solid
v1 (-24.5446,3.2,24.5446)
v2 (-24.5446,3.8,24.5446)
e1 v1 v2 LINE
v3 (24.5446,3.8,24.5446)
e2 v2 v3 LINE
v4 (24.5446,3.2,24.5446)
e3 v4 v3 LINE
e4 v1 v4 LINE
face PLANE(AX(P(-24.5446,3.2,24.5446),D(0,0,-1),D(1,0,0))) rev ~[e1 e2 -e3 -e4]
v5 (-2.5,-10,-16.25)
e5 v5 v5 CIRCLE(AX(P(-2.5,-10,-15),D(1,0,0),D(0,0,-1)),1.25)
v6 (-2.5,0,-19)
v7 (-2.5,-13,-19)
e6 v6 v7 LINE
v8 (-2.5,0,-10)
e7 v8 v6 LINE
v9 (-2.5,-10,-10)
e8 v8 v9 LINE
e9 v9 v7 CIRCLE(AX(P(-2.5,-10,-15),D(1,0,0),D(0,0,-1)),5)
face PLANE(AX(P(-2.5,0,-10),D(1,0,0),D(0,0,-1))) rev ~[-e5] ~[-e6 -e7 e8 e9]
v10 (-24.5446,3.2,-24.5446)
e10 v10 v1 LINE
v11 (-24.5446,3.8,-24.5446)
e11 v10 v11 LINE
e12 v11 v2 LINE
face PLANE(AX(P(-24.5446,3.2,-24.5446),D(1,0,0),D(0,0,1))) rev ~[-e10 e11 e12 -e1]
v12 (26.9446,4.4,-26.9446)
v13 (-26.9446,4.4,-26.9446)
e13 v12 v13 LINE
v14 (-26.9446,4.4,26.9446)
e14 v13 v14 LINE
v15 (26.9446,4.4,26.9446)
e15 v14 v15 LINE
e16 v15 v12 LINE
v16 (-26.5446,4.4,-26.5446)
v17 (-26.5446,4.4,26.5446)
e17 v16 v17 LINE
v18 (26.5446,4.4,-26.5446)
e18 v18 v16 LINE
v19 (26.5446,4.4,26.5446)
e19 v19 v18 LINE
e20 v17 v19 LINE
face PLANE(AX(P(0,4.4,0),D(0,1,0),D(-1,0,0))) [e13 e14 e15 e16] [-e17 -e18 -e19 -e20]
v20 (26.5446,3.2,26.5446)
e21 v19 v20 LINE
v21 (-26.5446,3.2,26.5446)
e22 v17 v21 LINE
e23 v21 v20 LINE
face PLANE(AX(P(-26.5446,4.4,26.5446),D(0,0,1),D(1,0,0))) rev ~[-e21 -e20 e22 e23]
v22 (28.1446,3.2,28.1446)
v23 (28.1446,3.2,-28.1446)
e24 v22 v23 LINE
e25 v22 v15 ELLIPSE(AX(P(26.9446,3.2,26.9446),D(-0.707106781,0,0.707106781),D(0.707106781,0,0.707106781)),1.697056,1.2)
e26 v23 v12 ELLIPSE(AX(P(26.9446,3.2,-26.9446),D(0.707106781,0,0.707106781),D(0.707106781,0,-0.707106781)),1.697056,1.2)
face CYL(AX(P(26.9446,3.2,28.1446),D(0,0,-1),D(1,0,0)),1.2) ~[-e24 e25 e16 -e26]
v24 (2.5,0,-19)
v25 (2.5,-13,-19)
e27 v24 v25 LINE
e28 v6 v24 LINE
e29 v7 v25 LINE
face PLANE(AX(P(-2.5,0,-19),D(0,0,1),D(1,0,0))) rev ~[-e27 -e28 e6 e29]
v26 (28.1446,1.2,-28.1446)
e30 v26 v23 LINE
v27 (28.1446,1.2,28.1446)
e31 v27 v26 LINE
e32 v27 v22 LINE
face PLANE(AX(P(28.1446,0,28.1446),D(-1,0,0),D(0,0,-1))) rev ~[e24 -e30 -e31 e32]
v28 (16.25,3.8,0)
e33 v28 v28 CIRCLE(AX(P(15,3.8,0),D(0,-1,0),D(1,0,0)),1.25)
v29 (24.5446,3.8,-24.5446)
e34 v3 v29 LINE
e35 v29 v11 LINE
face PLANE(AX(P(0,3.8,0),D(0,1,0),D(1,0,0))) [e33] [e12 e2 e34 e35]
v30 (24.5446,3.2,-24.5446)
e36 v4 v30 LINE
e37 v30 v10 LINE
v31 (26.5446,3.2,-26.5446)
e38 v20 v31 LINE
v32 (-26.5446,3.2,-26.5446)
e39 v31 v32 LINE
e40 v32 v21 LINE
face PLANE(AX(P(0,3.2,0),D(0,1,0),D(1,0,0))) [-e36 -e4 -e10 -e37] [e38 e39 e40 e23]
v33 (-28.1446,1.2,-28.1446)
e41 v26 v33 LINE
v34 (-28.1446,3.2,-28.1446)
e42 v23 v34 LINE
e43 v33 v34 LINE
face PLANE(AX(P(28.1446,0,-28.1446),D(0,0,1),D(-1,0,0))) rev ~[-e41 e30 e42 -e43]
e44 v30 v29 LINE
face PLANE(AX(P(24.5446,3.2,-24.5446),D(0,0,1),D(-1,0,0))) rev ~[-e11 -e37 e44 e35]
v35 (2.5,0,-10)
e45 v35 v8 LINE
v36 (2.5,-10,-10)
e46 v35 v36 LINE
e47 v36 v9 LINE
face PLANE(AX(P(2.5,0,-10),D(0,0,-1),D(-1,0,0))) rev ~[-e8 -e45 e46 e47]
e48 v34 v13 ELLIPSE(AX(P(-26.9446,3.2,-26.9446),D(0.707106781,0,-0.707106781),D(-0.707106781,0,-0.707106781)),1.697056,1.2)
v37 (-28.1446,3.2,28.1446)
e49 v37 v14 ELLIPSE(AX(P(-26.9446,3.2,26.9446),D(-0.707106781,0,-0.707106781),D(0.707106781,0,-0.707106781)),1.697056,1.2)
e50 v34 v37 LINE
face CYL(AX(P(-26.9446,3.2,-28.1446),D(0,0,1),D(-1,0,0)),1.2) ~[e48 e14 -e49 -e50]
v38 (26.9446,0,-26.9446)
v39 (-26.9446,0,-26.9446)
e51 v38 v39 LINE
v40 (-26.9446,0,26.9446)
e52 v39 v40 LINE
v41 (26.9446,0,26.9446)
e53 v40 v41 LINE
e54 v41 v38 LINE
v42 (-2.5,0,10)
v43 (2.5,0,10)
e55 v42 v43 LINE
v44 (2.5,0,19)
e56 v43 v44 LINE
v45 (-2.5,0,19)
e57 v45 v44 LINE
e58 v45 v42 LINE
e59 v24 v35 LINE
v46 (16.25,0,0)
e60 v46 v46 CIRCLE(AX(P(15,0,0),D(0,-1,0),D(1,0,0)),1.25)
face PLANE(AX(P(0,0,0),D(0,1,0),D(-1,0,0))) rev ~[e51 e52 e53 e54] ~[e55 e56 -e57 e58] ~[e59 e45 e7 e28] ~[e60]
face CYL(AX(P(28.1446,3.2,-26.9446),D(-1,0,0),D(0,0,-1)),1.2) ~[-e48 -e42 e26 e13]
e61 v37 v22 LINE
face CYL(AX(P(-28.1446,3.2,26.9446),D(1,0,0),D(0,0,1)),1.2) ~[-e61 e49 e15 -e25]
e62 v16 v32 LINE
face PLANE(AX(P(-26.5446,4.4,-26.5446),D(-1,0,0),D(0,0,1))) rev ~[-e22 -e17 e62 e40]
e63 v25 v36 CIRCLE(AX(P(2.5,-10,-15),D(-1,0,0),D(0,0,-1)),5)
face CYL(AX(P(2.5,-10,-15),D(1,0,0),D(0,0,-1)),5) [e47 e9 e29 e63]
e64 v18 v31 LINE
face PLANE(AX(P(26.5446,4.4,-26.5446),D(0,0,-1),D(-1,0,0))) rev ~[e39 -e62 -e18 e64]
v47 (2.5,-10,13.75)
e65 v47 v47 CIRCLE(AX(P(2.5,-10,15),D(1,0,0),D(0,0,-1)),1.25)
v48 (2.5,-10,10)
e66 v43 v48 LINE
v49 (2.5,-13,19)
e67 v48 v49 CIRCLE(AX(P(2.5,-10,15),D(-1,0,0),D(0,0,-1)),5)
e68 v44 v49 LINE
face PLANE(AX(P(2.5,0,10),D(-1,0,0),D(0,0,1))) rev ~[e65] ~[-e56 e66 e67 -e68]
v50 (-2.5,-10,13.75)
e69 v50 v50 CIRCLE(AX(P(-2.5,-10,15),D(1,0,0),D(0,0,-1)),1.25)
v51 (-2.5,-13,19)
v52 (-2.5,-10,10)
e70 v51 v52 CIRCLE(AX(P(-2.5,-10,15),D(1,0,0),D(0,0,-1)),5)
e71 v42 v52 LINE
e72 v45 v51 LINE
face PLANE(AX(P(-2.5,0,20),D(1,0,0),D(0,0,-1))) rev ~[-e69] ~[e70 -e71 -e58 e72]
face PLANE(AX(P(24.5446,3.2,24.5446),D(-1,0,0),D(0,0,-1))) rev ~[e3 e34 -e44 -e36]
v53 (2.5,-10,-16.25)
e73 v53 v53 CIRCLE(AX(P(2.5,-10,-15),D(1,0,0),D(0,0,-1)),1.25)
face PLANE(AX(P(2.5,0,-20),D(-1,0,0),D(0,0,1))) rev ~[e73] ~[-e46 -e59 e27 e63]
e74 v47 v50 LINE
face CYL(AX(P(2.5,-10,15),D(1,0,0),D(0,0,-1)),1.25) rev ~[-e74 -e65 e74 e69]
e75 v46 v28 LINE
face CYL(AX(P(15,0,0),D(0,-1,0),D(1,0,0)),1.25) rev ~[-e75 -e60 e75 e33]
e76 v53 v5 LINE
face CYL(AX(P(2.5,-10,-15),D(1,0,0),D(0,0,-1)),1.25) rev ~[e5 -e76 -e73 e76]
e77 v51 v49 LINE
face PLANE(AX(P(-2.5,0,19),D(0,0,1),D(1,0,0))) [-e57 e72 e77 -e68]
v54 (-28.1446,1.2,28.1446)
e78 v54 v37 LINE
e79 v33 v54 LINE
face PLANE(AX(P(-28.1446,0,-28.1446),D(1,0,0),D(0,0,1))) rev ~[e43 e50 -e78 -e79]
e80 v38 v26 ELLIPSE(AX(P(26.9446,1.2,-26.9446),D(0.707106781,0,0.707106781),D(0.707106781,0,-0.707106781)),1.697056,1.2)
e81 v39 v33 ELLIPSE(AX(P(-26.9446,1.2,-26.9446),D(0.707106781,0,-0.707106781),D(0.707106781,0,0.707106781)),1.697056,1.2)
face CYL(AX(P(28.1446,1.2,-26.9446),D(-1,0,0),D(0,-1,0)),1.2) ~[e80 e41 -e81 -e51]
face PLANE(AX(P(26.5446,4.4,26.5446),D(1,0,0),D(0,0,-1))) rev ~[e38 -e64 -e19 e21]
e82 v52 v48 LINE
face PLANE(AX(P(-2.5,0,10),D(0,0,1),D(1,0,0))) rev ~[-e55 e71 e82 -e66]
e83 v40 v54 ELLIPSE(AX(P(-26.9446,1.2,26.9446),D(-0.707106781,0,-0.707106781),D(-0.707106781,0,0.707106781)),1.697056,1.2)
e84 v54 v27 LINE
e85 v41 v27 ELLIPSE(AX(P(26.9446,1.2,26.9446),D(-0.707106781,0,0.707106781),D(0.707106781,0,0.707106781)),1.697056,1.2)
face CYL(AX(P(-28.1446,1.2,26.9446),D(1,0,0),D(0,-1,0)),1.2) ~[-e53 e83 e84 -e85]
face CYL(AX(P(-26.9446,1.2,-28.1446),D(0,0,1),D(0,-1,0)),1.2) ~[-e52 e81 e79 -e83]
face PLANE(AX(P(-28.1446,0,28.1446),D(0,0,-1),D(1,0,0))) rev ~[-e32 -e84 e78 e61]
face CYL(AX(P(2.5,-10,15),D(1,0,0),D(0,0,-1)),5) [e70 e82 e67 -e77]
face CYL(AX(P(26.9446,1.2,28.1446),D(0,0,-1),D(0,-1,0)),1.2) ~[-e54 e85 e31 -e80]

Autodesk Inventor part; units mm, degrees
ref_plane "YZ Plane" through (0, 0, 0) normal (1, 0, 0) x (0, 1, 0)
ref_plane "XZ Plane" through (0, 0, 0) normal (0, 1, 0) x (-1, 0, 0)
ref_plane "XY Plane" through (0, 0, 0) normal (0, 0, 1) x (1, 0, 0)
sketch "스케치1" plane through (0, 0, 0) normal (0, 1, 0) x (-1, 0, 0)
  line L0 (-24.9446, -24.9446) -> (24.9446, -24.9446)
  line L1 (24.9446, -24.9446) -> (24.9446, 24.9446)
  line L2 (24.9446, 24.9446) -> (-24.9446, 24.9446)
  line L3 (-24.9446, 24.9446) -> (-24.9446, -24.9446)
  line L4 (-24.9446, -24.9446) -> (24.9446, 24.9446) construction
  line L5 (24.9446, -24.9446) -> (-24.9446, 24.9446) construction
  line L6 (-28.1446, -28.1446) -> (28.1446, -28.1446)
  line L7 (28.1446, -28.1446) -> (28.1446, 28.1446)
  line L8 (28.1446, 28.1446) -> (-28.1446, 28.1446)
  line L9 (-28.1446, 28.1446) -> (-28.1446, -28.1446)
  line L10 (-28.1446, -28.1446) -> (28.1446, 28.1446) construction
  line L11 (28.1446, -28.1446) -> (-28.1446, 28.1446) construction
  point P0 (0, 0)
  dimension "d0" = 70.554
  dimension "d1" = 3.2
extrude "돌출1" add sketch "스케치1" along normal blind 4.4 contours L3 L2 L1 L0 | L9 L8 L7 L6
sketch "스케치2" plane through (0, 4.4, 0) normal (0, 1, 0) x (1, 0, 0)
  line L0 (-28.1446, 28.1446) -> (-28.1446, -28.1446) projected
  line L1 (-28.1446, -28.1446) -> (28.1446, -28.1446) projected
  line L2 (28.1446, -28.1446) -> (28.1446, 28.1446) projected
  line L3 (28.1446, 28.1446) -> (-28.1446, 28.1446) projected
  line L4 (26.5446, 26.5446) -> (-26.5446, 26.5446)
  line L5 (-26.5446, 26.5446) -> (-26.5446, -26.5446)
  line L6 (-26.5446, -26.5446) -> (26.5446, -26.5446)
  line L7 (26.5446, -26.5446) -> (26.5446, 26.5446)
  line L8 (26.5446, 26.5446) -> (-26.5446, -26.5446) construction
  line L9 (-26.5446, 26.5446) -> (26.5446, -26.5446) construction
  line L10 (24.5446, 24.5446) -> (-24.5446, 24.5446)
  line L11 (-24.5446, 24.5446) -> (-24.5446, -24.5446)
  line L12 (-24.5446, -24.5446) -> (24.5446, -24.5446)
  line L13 (24.5446, -24.5446) -> (24.5446, 24.5446)
  line L14 (24.5446, 24.5446) -> (-24.5446, -24.5446) construction
  line L15 (-24.5446, 24.5446) -> (24.5446, -24.5446) construction
  point P0 (0, 0)
  point P1 (0, 28.1446)
  point P2 (-28.1446, 0)
  dimension "d4" = 1.6
  dimension "d5" = 2
extrude "돌출2" cut sketch "스케치2" against normal blind 1.2 contours L7 L6 L5 L4 | L13 L12 L11 L10
sketch "스케치3" plane through (0, 3.2, 0) normal (0, 1, 0) x (1, 0, 0)
  line L0 (24.5446, 24.5446) -> (-24.5446, 24.5446)
  line L1 (-24.5446, 24.5446) -> (-24.5446, -24.5446)
  line L2 (-24.5446, -24.5446) -> (24.5446, -24.5446)
  line L3 (24.5446, -24.5446) -> (24.5446, 24.5446)
  line L4 (24.5446, 24.5446) -> (-24.5446, -24.5446) construction
  line L5 (-24.5446, 24.5446) -> (24.5446, -24.5446) construction
  line L6 (-26.5446, -26.5446) -> (-26.5446, 26.5446) projected
  point P0 (0, 0)
  dimension "d8" = 2
extrude "돌출3" add sketch "스케치3" along normal blind 0.6
fillet "모깎기1" radius 1.2 8 edges at (0, 4.4, 28.1446) (28.1446, 4.4, 0) (0, 4.4, -28.1446) (-28.1446, 4.4, 0) (-28.1446, 0, 0) (0, 0, 28.1446) (28.1446, 0, 0) (0, 0, -28.1446)
sketch "스케치6" plane through (0, 0, 0) normal (0, -1, 0) x (1, 0, 0)
  line L0 (-2.5, -20) -> (2.5, -20)
  line L1 (2.5, -20) -> (2.5, -10)
  line L2 (2.5, -10) -> (-2.5, -10)
  line L3 (-2.5, -10) -> (-2.5, -20)
  line L4 (-2.5, -20) -> (2.5, -10) construction
  line L5 (2.5, -20) -> (-2.5, -10) construction
  line L6 (-2.5, 10) -> (2.5, 10)
  line L7 (2.5, 10) -> (2.5, 20)
  line L8 (2.5, 20) -> (-2.5, 20)
  line L9 (-2.5, 20) -> (-2.5, 10)
  line L10 (-2.5, 10) -> (2.5, 20) construction
  line L11 (2.5, 10) -> (-2.5, 20) construction
  point P0 (0, 0)
  point P1 (0, -15)
  point P2 (0, 15)
  dimension "d27" = 5
  dimension "d28" = 10
  dimension "d29" = 10
  dimension "d30" = 5
  dimension "d31" = 20
  dimension "d33" = 10
extrude "돌출6" add sketch "스케치6" along normal blind 10
sketch "스케치7" plane through (2.5, 0, 20) normal (1, 0, 0) x (0, 0, -1)
  line L0 (10, -10) -> (0, -10) projected
  circle A0 centre (5, -10) radius 5
  line L1 (40, -10) -> (30, -10) projected
  circle A1 centre (35, -10) radius 5
  point P0 (20, 0)
extrude "돌출7" add sketch "스케치7" against normal blind 5
sketch "스케치8" plane through (2.5, 0, 20) normal (1, 0, 0) x (0, 0, -1)
  arc A0 (0, -10) -> (10, -10) centre (5, -10) ccw projected
  circle A1 centre (5, -10) radius 1.25
  arc A2 (30, -10) -> (40, -10) centre (35, -10) ccw projected
  circle A3 centre (35, -10) radius 1.25
  point P0 (20, 0)
  dimension "d38" = 2.5
  dimension "d39" = 2.5
extrude "돌출8" cut sketch "스케치8" against normal blind 5
sketch "스케치9" plane through (0, 0, 0) normal (0, -1, 0) x (1, 0, 0)
  line L0 (2.5, -10) -> (-2.5, -10) projected
  line L1 (-2.5, -20) -> (-2.5, -10) projected
  line L2 (-2.5, -20) -> (2.5, -20) projected
  line L3 (2.5, -10) -> (2.5, -20) projected
  line L4 (2.5, 13.75) -> (-2.5, 13.75) projected
  line L5 (2.5, 20) -> (-2.5, 20) projected
  line L6 (-2.5, 10) -> (-2.5, 20) projected
  line L7 (-2.5, 10) -> (2.5, 10) projected
  line L8 (2.5, 20) -> (2.5, 10) projected
  line L9 (-2.5, -19) -> (2.5, -19)
  line L10 (-2.5, 10) -> (-2.5, 20) projected
  line L11 (-2.5, 19) -> (2.5, 19)
  point P0 (0, 0)
  dimension "d42" = 1
  dimension "d43" = 1
extrude "돌출9" cut sketch "스케치9" along normal blind 15 contours L3 L2 L1 L9 | L11 L6 L5 L8
sketch "스케치10" plane through (0, 0, 0) normal (0, -1, 0) x (1, 0, 0)
  circle A0 centre (15, 0) radius 1.25
  point P0 (0, 0)
  dimension "d46" = 2.5
  dimension "d47" = 15
extrude "돌출10" cut sketch "스케치10" against normal blind 10
equation "\"d33\" = 0.5 * d31"
properties part number "OV-PAM_n_4_bottom"
